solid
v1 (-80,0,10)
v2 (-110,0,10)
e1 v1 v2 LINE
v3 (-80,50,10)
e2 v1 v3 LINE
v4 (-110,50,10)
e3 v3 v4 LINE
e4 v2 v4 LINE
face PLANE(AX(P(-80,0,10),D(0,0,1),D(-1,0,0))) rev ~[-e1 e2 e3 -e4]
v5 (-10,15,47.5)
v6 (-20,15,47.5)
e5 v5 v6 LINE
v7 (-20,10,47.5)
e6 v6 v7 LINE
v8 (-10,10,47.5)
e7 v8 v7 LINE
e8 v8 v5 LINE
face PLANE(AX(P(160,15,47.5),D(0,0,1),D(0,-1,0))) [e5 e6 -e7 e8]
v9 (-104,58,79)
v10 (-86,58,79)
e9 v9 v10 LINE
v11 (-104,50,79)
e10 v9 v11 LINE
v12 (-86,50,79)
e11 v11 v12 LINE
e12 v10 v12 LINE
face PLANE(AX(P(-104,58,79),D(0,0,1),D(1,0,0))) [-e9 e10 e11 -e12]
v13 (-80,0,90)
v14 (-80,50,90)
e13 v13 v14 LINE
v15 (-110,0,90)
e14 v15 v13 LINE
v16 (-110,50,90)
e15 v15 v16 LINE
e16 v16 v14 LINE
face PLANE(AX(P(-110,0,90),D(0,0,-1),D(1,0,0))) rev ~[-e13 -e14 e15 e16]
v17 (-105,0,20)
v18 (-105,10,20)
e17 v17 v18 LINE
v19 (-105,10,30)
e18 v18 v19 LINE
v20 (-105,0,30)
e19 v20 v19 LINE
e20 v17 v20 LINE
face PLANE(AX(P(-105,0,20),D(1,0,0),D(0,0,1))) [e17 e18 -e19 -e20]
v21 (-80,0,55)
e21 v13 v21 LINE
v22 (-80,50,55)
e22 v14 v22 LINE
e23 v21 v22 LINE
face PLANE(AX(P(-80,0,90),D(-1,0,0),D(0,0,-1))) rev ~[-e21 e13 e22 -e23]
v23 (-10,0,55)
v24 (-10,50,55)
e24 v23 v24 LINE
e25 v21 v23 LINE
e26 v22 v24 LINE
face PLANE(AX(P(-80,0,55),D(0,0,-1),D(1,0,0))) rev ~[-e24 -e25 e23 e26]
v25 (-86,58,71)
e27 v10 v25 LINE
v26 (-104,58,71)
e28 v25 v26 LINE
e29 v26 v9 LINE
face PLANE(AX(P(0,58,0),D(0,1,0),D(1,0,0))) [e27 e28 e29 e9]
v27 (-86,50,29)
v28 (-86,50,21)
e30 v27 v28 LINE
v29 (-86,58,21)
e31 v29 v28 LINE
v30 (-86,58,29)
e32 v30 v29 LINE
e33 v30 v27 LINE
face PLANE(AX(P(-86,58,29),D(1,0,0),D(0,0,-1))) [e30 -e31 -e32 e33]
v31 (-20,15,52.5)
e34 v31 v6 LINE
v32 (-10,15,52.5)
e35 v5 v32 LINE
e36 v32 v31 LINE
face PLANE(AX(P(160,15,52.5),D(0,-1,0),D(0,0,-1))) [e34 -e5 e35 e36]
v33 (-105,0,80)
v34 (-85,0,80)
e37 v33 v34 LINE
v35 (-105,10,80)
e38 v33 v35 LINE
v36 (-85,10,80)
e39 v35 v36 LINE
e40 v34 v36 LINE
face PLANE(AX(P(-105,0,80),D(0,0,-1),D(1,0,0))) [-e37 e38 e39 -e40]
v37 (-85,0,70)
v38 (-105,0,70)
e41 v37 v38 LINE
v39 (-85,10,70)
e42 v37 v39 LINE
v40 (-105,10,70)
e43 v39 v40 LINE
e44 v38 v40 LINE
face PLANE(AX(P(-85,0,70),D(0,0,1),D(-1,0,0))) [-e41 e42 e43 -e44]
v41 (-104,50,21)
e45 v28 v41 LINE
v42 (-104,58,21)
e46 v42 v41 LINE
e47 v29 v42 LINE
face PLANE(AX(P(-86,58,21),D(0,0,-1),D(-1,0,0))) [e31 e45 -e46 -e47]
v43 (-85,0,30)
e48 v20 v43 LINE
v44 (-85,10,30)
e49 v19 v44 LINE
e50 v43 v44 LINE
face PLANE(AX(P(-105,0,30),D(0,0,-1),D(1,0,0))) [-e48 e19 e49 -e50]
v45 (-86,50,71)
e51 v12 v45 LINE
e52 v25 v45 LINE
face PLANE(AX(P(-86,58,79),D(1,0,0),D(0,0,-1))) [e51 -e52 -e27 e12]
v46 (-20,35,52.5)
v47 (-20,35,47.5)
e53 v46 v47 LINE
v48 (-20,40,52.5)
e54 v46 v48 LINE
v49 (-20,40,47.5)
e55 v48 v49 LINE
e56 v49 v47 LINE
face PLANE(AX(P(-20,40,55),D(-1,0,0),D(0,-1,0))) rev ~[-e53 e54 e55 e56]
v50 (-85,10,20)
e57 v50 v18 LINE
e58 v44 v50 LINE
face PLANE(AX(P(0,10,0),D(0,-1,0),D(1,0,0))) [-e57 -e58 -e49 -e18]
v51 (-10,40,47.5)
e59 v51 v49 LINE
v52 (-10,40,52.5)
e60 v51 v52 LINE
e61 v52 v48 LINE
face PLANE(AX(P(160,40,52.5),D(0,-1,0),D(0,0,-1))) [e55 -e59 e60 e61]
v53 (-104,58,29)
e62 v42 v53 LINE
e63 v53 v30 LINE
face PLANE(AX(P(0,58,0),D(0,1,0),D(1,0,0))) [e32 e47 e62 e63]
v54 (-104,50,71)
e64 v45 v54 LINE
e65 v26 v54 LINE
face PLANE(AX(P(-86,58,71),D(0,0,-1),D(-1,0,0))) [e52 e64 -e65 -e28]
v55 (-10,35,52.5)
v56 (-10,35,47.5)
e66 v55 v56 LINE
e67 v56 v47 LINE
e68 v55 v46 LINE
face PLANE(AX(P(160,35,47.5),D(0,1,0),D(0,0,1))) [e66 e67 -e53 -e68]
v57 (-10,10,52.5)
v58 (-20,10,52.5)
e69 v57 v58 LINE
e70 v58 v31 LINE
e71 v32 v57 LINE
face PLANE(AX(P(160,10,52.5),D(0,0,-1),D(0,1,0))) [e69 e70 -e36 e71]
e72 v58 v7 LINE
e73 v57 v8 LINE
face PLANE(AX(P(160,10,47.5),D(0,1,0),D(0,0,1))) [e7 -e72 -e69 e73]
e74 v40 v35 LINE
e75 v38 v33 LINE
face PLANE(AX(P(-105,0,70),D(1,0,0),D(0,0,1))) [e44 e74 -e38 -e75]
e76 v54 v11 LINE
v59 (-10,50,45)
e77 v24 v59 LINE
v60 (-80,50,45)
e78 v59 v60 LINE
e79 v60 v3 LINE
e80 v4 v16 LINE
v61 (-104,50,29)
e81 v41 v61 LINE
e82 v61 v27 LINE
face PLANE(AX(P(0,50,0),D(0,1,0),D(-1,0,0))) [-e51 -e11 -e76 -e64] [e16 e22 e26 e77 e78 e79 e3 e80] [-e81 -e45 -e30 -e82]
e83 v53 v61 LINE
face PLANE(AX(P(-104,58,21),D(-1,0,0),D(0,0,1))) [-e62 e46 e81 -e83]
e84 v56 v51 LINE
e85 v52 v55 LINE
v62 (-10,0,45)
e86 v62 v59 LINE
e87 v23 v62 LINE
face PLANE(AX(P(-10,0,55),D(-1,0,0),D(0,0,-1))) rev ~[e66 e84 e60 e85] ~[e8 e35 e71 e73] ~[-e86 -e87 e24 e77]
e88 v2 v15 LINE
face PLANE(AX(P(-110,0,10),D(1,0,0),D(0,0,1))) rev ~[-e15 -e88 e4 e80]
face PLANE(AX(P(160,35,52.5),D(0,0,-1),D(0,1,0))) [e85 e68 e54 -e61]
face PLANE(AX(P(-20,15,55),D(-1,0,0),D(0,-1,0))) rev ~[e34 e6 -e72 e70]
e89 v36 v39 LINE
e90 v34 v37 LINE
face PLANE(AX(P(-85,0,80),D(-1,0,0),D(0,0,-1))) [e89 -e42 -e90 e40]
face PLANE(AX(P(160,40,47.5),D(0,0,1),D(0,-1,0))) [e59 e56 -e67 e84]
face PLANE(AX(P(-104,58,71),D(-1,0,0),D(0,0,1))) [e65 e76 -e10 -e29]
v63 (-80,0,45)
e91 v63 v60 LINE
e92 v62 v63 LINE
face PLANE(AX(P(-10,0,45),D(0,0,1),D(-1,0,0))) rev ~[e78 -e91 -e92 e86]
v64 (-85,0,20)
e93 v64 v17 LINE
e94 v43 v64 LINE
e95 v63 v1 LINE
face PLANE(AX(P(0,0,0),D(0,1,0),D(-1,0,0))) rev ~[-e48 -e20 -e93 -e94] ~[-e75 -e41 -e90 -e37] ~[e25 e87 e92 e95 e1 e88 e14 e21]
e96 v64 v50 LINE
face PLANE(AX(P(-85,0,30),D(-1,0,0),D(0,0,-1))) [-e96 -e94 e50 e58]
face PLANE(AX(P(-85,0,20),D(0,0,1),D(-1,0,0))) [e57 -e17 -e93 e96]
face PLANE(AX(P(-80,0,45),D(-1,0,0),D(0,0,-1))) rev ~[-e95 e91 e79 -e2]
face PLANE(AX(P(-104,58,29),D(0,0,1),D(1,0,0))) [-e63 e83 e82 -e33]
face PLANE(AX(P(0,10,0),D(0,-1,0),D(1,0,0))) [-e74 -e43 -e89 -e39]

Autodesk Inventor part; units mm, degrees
ref_plane "YZ Plane" through (0, 0, 0) normal (1, 0, 0) x (0, 1, 0)
ref_plane "XZ Plane" through (0, 0, 0) normal (0, 1, 0) x (-1, 0, 0)
ref_plane "XY Plane" through (0, 0, 0) normal (0, 0, 1) x (1, 0, 0)
sketch "Sketch1" plane through (0, 0, 0) normal (0, 1, 0) x (-1, 0, 0)
  line L0 (-10, -55) -> (-160, -55)
  line L1 (-160, -55) -> (-160, -45)
  line L2 (-160, -45) -> (-10, -45)
  line L3 (-10, -45) -> (-10, -55)
  line L4 (10, -55) -> (80, -55)
  line L5 (80, -55) -> (80, -90)
  line L6 (80, -90) -> (110, -90)
  line L7 (110, -90) -> (110, -10)
  line L8 (110, -10) -> (80, -10)
  line L9 (80, -10) -> (80, -45)
  line L10 (80, -45) -> (10, -45)
  line L11 (10, -45) -> (10, -55)
  line L12 (0, -122.2654) -> (0, -189.4683)
  line L13 (-10, 55) -> (-10, 45)
  line L14 (10, 55) -> (10, 45)
  line L15 (80, 10) -> (110, 10)
  line L16 (10, 45) -> (80, 45)
  line L17 (80, 45) -> (80, 10)
  line L18 (80, 55) -> (10, 55)
  line L19 (80, 90) -> (80, 55)
  line L20 (110, 10) -> (110, 90)
  line L21 (110, 90) -> (80, 90)
  line L22 (-160, 55) -> (-10, 55)
  line L23 (-160, 45) -> (-160, 55)
  line L24 (-10, 45) -> (-160, 45)
  point P0 (0, 0)
  dimension "d0" = 10
  dimension "d1" = 80
  dimension "d2" = 10
  dimension "d4" = 30
  dimension "d5" = 30
  dimension "d6" = 35
  dimension "d7" = 35
  dimension "d8" = 45
  dimension "d9" = 10
  dimension "d10" = 10
  dimension "d11" = 150
  dimension "d12" = 100
  dimension "d13" = 0
  dimension "d16" = 100
extrude "Extrusion1" add sketch "Sketch1" along normal blind 50
sketch "Sketch2" plane through (160, 0, 55) normal (1, 0, 0) x (0, 0, -1)
  line L0 (2.5, 40) -> (7.5, 40)
  line L1 (7.5, 40) -> (7.5, 35)
  line L2 (7.5, 35) -> (2.5, 35)
  line L3 (2.5, 35) -> (2.5, 40)
  line L4 (0, 50) -> (10, 50) projected
  line L5 (10, 0) -> (10, 50) projected
  line L6 (2.5, 15) -> (7.5, 15)
  line L7 (7.5, 15) -> (7.5, 10)
  line L8 (7.5, 10) -> (2.5, 10)
  line L9 (2.5, 10) -> (2.5, 15)
  line L10 (102.5, 40) -> (107.5, 40)
  line L11 (107.5, 40) -> (107.5, 35)
  line L12 (107.5, 35) -> (102.5, 35)
  line L13 (102.5, 35) -> (102.5, 40)
  line L14 (102.5, 15) -> (107.5, 15)
  line L15 (107.5, 15) -> (107.5, 10)
  line L16 (107.5, 10) -> (102.5, 10)
  line L17 (102.5, 10) -> (102.5, 15)
  point P0 (55, 0)
  dimension "d23" = 10
  dimension "d24" = 5
  dimension "d25" = 2.5
  dimension "d26" = 5
  dimension "d29" = 25
  dimension "d32" = 100
extrude "Extrusion2" cut sketch "Sketch2" against normal blind 200
sketch "Sketch3" plane through (0, 50, 0) normal (0, 1, 0) x (1, 0, 0)
  line L0 (-105, -20) -> (-85, -20)
  line L1 (-85, -20) -> (-85, -30)
  line L2 (-85, -30) -> (-105, -30)
  line L3 (-105, -30) -> (-105, -20)
  line L4 (-110, -10) -> (-110, -90) projected
  line L5 (-105, -70) -> (-85, -70)
  line L6 (-85, -70) -> (-85, -80)
  line L7 (-85, -80) -> (-105, -80)
  line L8 (-105, -80) -> (-105, -70)
  line L9 (-105, 80) -> (-85, 80)
  line L10 (-85, 80) -> (-85, 70)
  line L11 (-85, 70) -> (-105, 70)
  line L12 (-105, 70) -> (-105, 80)
  line L13 (-105, 30) -> (-85, 30)
  line L14 (-85, 30) -> (-85, 20)
  line L15 (-85, 20) -> (-105, 20)
  line L16 (-105, 20) -> (-105, 30)
  point P0 (0, 0)
  dimension "d37" = 20
  dimension "d38" = 10
  dimension "d39" = 20
  dimension "d40" = 85
  dimension "d43" = 50
  dimension "d46" = 100
extrude "Extrusion3" add sketch "Sketch3" along normal blind 8
sketch "Sketch4" plane through (0, 0, 0) normal (0, -1, 0) x (1, 0, 0)
  line L0 (-105, -70) -> (-85, -70) projected
  line L1 (-85, -70) -> (-85, -80) projected
  line L2 (-85, -80) -> (-105, -80) projected
  line L3 (-105, -80) -> (-105, -70) projected
  line L4 (-105, -20) -> (-85, -20) projected
  line L5 (-85, -20) -> (-85, -30) projected
  line L6 (-85, -30) -> (-105, -30) projected
  line L7 (-105, -30) -> (-105, -20) projected
  line L8 (-105, 30) -> (-85, 30) projected
  line L9 (-85, 30) -> (-85, 20) projected
  line L10 (-85, 20) -> (-105, 20) projected
  line L11 (-105, 20) -> (-105, 30) projected
  line L12 (-105, 80) -> (-85, 80) projected
  line L13 (-85, 80) -> (-85, 70) projected
  line L14 (-85, 70) -> (-105, 70) projected
  line L15 (-105, 70) -> (-105, 80) projected
  line L16 (-85, 80) -> (-105, 80)
  line L17 (-105, 80) -> (-105, 70)
  line L18 (-105, 70) -> (-85, 70)
  line L19 (-85, 70) -> (-85, 80)
  line L20 (-85, 30) -> (-105, 30)
  line L21 (-105, 30) -> (-105, 20)
  line L22 (-105, 20) -> (-85, 20)
  line L23 (-85, 20) -> (-85, 30)
  line L24 (-85, -20) -> (-105, -20)
  line L25 (-105, -20) -> (-105, -30)
  line L26 (-105, -30) -> (-85, -30)
  line L27 (-85, -30) -> (-85, -20)
  line L28 (-85, -70) -> (-105, -70)
  line L29 (-105, -70) -> (-105, -80)
  line L30 (-105, -80) -> (-85, -80)
  line L31 (-85, -80) -> (-85, -70)
  point P0 (0, 0)
extrude "Extrusion4" cut sketch "Sketch4" against normal blind 10
sketch "Sketch5" plane through (10, 0, 55) normal (0, 0, 1) x (1, 0, 0)
  line L0 (0, 0) -> (0, 50) projected
  line L1 (0, 50) -> (150, 50) projected
  line L2 (150, 0) -> (150, 50) projected
  line L3 (0, 0) -> (150, 0) projected
  line L4 (0, 35) -> (0, 40) projected
  line L5 (150, 35) -> (0, 35) projected
  line L6 (150, 40) -> (150, 35) projected
  line L7 (150, 40) -> (0, 40) projected
  line L8 (0, 10) -> (0, 15) projected
  line L9 (150, 10) -> (0, 10) projected
  line L10 (150, 15) -> (150, 10) projected
  line L11 (150, 15) -> (0, 15) projected
  line L12 (10, 40) -> (140, 40)
  line L13 (140, 40) -> (140, 35)
  line L14 (140, 35) -> (10, 35)
  line L15 (10, 35) -> (10, 40)
  line L16 (10, 15) -> (140, 15)
  line L17 (140, 15) -> (140, 10)
  line L18 (140, 10) -> (10, 10)
  line L19 (10, 10) -> (10, 15)
  point P0 (-10, 0)
  point P1 (10, 10)
  dimension "d53" = 10
  dimension "d54" = 10
  dimension "d55" = 10
  dimension "d56" = 10
extrude "Extrusion5" add sketch "Sketch5" against normal blind 10 contours L19 L11 L17 L9 | L15 L7 L13 L5
sketch "Sketch6" plane through (160, 0, -55) normal (0, 0, -1) x (-1, 0, 0)
  line L0 (150, 40) -> (150, 35) projected
  line L1 (0, 40) -> (150, 40) projected
  line L2 (0, 35) -> (0, 40) projected
  line L3 (0, 35) -> (150, 35) projected
  line L4 (150, 15) -> (150, 10) projected
  line L5 (0, 15) -> (150, 15) projected
  line L6 (0, 10) -> (0, 15) projected
  line L7 (0, 10) -> (150, 10) projected
  line L8 (10, 40) -> (140, 40)
  line L9 (140, 40) -> (140, 35)
  line L10 (140, 35) -> (10, 35)
  line L11 (10, 35) -> (10, 40)
  line L12 (10, 15) -> (140, 15)
  line L13 (140, 15) -> (140, 10)
  line L14 (140, 10) -> (10, 10)
  line L15 (10, 10) -> (10, 15)
  point P0 (160, 0)
  point P1 (140, 37.5)
  point P2 (10, 10)
  dimension "d59" = 10
  dimension "d60" = 10
  dimension "d61" = 10
  dimension "d62" = 10
extrude "Extrusion6" add sketch "Sketch6" against normal blind 10 contours L9 L3 L11 L1 | L13 L7 L15 L5
sketch "Sketch7" plane through (0, 58, 0) normal (0, 1, 0) x (1, 0, 0)
  line L0 (-105, -80) -> (-85, -80) projected
  line L1 (-85, -80) -> (-85, -70) projected
  line L2 (-85, -70) -> (-105, -70) projected
  line L3 (-105, -70) -> (-105, -80) projected
  line L4 (-105, -30) -> (-85, -30) projected
  line L5 (-85, -30) -> (-85, -20) projected
  line L6 (-85, -20) -> (-105, -20) projected
  line L7 (-105, -20) -> (-105, -30) projected
  line L8 (-105, 20) -> (-85, 20) projected
  line L9 (-85, 20) -> (-85, 30) projected
  line L10 (-85, 30) -> (-105, 30) projected
  line L11 (-105, 30) -> (-105, 20) projected
  line L12 (-105, 70) -> (-85, 70) projected
  line L13 (-85, 70) -> (-85, 80) projected
  line L14 (-85, 80) -> (-105, 80) projected
  line L15 (-105, 80) -> (-105, 70) projected
  line L16 (-104, -79) -> (-86, -79)
  line L17 (-86, -79) -> (-86, -71)
  line L18 (-86, -71) -> (-104, -71)
  line L19 (-104, -71) -> (-104, -79)
  line L20 (-86, -21) -> (-104, -21)
  line L21 (-104, -21) -> (-104, -29)
  line L22 (-104, -29) -> (-86, -29)
  line L23 (-86, -29) -> (-86, -21)
  line L24 (-86, 29) -> (-104, 29)
  line L25 (-104, 29) -> (-104, 21)
  line L26 (-104, 21) -> (-86, 21)
  line L27 (-86, 21) -> (-86, 29)
  line L28 (-86, 79) -> (-104, 79)
  line L29 (-104, 79) -> (-104, 71)
  line L30 (-104, 71) -> (-86, 71)
  line L31 (-86, 71) -> (-86, 79)
  line L32 (-105, -80) -> (-85, -80)
  line L33 (-85, -80) -> (-85, -70)
  line L34 (-85, -70) -> (-105, -70)
  line L35 (-105, -70) -> (-105, -80)
  line L36 (-105, -30) -> (-85, -30)
  line L37 (-85, -30) -> (-85, -20)
  line L38 (-85, -20) -> (-105, -20)
  line L39 (-105, -20) -> (-105, -30)
  line L40 (-105, 20) -> (-85, 20)
  line L41 (-85, 20) -> (-85, 30)
  line L42 (-85, 30) -> (-105, 30)
  line L43 (-105, 30) -> (-105, 20)
  line L44 (-105, 70) -> (-85, 70)
  line L45 (-85, 70) -> (-85, 80)
  line L46 (-85, 80) -> (-105, 80)
  line L47 (-105, 80) -> (-105, 70)
  point P0 (0, 0)
  dimension "d65" = 1
  dimension "d66" = 1
  dimension "d67" = 1
  dimension "d68" = 1
  dimension "d71" = 50
  dimension "d74" = 100
extrude "Extrusion7" cut sketch "Sketch7" against normal blind 8
sketch "Sketch8" plane through (-80, 0, 55) normal (0, 0, 1) x (1, 0, 0)
  line L0 (70, 40) -> (70, 35) projected
  line L1 (70, 40) -> (40, 40) projected
  line L2 (40, 40) -> (40, 35) projected
  line L3 (70, 35) -> (40, 35) projected
  line L4 (70, 15) -> (70, 10) projected
  line L5 (70, 15) -> (40, 15) projected
  line L6 (40, 15) -> (40, 10) projected
  line L7 (70, 10) -> (40, 10) projected
  line L8 (40, 40) -> (60, 40)
  line L9 (60, 40) -> (60, 35)
  line L10 (60, 35) -> (40, 35)
  line L11 (40, 35) -> (40, 40)
  line L12 (40, 15) -> (60, 15)
  line L13 (60, 15) -> (60, 10)
  line L14 (60, 10) -> (40, 10)
  line L15 (40, 10) -> (40, 15)
  point P0 (80, 0)
  point P1 (60, 15)
  point P2 (60, 40)
  dimension "d79" = 10
  dimension "d80" = 10
extrude "Extrusion8" add sketch "Sketch8" against normal blind 10 contours L9 L3 L2 L1 | L13 L7 L6 L5
sketch "Sketch9" plane through (-10, 0, -55) normal (0, 0, -1) x (-1, 0, 0)
  line L0 (0, 35) -> (0, 40) projected
  line L1 (0, 35) -> (30, 35) projected
  line L2 (30, 35) -> (30, 40) projected
  line L3 (0, 40) -> (30, 40) projected
  line L4 (0, 10) -> (0, 15) projected
  line L5 (0, 10) -> (30, 10) projected
  line L6 (30, 10) -> (30, 15) projected
  line L7 (0, 15) -> (30, 15) projected
  line L8 (30, 40) -> (10, 40)
  line L9 (10, 40) -> (10, 10)
  line L10 (10, 10) -> (30, 10)
  line L11 (30, 10) -> (30, 40)
  point P0 (-10, 0)
  point P1 (0, 37.5)
  dimension "d83" = 10
extrude "Extrusion9" add sketch "Sketch9" against normal blind 10 contours L9 L3 L2 L1 | L1 L11 L7 L9 | L7 L6 L5 L9
sketch "Sketch10" plane through (0, 58, 0) normal (0, 1, 0) x (1, 0, 0)
  line L0 (-140, 100) -> (-140, 0)
  line L1 (-140, 0) -> (0, 0)
  line L2 (0, 0) -> (0, -100)
  line L3 (0, -100) -> (180, -100)
  line L4 (180, -100) -> (180, 100)
  line L5 (180, 100) -> (-140, 100)
  dimension "d86" = 100
  dimension "d87" = 320
  dimension "d88" = 200
  dimension "d89" = 180
extrude "Extrusion10" cut sketch "Sketch10" against normal through all
properties part number "Hurdle Split"
